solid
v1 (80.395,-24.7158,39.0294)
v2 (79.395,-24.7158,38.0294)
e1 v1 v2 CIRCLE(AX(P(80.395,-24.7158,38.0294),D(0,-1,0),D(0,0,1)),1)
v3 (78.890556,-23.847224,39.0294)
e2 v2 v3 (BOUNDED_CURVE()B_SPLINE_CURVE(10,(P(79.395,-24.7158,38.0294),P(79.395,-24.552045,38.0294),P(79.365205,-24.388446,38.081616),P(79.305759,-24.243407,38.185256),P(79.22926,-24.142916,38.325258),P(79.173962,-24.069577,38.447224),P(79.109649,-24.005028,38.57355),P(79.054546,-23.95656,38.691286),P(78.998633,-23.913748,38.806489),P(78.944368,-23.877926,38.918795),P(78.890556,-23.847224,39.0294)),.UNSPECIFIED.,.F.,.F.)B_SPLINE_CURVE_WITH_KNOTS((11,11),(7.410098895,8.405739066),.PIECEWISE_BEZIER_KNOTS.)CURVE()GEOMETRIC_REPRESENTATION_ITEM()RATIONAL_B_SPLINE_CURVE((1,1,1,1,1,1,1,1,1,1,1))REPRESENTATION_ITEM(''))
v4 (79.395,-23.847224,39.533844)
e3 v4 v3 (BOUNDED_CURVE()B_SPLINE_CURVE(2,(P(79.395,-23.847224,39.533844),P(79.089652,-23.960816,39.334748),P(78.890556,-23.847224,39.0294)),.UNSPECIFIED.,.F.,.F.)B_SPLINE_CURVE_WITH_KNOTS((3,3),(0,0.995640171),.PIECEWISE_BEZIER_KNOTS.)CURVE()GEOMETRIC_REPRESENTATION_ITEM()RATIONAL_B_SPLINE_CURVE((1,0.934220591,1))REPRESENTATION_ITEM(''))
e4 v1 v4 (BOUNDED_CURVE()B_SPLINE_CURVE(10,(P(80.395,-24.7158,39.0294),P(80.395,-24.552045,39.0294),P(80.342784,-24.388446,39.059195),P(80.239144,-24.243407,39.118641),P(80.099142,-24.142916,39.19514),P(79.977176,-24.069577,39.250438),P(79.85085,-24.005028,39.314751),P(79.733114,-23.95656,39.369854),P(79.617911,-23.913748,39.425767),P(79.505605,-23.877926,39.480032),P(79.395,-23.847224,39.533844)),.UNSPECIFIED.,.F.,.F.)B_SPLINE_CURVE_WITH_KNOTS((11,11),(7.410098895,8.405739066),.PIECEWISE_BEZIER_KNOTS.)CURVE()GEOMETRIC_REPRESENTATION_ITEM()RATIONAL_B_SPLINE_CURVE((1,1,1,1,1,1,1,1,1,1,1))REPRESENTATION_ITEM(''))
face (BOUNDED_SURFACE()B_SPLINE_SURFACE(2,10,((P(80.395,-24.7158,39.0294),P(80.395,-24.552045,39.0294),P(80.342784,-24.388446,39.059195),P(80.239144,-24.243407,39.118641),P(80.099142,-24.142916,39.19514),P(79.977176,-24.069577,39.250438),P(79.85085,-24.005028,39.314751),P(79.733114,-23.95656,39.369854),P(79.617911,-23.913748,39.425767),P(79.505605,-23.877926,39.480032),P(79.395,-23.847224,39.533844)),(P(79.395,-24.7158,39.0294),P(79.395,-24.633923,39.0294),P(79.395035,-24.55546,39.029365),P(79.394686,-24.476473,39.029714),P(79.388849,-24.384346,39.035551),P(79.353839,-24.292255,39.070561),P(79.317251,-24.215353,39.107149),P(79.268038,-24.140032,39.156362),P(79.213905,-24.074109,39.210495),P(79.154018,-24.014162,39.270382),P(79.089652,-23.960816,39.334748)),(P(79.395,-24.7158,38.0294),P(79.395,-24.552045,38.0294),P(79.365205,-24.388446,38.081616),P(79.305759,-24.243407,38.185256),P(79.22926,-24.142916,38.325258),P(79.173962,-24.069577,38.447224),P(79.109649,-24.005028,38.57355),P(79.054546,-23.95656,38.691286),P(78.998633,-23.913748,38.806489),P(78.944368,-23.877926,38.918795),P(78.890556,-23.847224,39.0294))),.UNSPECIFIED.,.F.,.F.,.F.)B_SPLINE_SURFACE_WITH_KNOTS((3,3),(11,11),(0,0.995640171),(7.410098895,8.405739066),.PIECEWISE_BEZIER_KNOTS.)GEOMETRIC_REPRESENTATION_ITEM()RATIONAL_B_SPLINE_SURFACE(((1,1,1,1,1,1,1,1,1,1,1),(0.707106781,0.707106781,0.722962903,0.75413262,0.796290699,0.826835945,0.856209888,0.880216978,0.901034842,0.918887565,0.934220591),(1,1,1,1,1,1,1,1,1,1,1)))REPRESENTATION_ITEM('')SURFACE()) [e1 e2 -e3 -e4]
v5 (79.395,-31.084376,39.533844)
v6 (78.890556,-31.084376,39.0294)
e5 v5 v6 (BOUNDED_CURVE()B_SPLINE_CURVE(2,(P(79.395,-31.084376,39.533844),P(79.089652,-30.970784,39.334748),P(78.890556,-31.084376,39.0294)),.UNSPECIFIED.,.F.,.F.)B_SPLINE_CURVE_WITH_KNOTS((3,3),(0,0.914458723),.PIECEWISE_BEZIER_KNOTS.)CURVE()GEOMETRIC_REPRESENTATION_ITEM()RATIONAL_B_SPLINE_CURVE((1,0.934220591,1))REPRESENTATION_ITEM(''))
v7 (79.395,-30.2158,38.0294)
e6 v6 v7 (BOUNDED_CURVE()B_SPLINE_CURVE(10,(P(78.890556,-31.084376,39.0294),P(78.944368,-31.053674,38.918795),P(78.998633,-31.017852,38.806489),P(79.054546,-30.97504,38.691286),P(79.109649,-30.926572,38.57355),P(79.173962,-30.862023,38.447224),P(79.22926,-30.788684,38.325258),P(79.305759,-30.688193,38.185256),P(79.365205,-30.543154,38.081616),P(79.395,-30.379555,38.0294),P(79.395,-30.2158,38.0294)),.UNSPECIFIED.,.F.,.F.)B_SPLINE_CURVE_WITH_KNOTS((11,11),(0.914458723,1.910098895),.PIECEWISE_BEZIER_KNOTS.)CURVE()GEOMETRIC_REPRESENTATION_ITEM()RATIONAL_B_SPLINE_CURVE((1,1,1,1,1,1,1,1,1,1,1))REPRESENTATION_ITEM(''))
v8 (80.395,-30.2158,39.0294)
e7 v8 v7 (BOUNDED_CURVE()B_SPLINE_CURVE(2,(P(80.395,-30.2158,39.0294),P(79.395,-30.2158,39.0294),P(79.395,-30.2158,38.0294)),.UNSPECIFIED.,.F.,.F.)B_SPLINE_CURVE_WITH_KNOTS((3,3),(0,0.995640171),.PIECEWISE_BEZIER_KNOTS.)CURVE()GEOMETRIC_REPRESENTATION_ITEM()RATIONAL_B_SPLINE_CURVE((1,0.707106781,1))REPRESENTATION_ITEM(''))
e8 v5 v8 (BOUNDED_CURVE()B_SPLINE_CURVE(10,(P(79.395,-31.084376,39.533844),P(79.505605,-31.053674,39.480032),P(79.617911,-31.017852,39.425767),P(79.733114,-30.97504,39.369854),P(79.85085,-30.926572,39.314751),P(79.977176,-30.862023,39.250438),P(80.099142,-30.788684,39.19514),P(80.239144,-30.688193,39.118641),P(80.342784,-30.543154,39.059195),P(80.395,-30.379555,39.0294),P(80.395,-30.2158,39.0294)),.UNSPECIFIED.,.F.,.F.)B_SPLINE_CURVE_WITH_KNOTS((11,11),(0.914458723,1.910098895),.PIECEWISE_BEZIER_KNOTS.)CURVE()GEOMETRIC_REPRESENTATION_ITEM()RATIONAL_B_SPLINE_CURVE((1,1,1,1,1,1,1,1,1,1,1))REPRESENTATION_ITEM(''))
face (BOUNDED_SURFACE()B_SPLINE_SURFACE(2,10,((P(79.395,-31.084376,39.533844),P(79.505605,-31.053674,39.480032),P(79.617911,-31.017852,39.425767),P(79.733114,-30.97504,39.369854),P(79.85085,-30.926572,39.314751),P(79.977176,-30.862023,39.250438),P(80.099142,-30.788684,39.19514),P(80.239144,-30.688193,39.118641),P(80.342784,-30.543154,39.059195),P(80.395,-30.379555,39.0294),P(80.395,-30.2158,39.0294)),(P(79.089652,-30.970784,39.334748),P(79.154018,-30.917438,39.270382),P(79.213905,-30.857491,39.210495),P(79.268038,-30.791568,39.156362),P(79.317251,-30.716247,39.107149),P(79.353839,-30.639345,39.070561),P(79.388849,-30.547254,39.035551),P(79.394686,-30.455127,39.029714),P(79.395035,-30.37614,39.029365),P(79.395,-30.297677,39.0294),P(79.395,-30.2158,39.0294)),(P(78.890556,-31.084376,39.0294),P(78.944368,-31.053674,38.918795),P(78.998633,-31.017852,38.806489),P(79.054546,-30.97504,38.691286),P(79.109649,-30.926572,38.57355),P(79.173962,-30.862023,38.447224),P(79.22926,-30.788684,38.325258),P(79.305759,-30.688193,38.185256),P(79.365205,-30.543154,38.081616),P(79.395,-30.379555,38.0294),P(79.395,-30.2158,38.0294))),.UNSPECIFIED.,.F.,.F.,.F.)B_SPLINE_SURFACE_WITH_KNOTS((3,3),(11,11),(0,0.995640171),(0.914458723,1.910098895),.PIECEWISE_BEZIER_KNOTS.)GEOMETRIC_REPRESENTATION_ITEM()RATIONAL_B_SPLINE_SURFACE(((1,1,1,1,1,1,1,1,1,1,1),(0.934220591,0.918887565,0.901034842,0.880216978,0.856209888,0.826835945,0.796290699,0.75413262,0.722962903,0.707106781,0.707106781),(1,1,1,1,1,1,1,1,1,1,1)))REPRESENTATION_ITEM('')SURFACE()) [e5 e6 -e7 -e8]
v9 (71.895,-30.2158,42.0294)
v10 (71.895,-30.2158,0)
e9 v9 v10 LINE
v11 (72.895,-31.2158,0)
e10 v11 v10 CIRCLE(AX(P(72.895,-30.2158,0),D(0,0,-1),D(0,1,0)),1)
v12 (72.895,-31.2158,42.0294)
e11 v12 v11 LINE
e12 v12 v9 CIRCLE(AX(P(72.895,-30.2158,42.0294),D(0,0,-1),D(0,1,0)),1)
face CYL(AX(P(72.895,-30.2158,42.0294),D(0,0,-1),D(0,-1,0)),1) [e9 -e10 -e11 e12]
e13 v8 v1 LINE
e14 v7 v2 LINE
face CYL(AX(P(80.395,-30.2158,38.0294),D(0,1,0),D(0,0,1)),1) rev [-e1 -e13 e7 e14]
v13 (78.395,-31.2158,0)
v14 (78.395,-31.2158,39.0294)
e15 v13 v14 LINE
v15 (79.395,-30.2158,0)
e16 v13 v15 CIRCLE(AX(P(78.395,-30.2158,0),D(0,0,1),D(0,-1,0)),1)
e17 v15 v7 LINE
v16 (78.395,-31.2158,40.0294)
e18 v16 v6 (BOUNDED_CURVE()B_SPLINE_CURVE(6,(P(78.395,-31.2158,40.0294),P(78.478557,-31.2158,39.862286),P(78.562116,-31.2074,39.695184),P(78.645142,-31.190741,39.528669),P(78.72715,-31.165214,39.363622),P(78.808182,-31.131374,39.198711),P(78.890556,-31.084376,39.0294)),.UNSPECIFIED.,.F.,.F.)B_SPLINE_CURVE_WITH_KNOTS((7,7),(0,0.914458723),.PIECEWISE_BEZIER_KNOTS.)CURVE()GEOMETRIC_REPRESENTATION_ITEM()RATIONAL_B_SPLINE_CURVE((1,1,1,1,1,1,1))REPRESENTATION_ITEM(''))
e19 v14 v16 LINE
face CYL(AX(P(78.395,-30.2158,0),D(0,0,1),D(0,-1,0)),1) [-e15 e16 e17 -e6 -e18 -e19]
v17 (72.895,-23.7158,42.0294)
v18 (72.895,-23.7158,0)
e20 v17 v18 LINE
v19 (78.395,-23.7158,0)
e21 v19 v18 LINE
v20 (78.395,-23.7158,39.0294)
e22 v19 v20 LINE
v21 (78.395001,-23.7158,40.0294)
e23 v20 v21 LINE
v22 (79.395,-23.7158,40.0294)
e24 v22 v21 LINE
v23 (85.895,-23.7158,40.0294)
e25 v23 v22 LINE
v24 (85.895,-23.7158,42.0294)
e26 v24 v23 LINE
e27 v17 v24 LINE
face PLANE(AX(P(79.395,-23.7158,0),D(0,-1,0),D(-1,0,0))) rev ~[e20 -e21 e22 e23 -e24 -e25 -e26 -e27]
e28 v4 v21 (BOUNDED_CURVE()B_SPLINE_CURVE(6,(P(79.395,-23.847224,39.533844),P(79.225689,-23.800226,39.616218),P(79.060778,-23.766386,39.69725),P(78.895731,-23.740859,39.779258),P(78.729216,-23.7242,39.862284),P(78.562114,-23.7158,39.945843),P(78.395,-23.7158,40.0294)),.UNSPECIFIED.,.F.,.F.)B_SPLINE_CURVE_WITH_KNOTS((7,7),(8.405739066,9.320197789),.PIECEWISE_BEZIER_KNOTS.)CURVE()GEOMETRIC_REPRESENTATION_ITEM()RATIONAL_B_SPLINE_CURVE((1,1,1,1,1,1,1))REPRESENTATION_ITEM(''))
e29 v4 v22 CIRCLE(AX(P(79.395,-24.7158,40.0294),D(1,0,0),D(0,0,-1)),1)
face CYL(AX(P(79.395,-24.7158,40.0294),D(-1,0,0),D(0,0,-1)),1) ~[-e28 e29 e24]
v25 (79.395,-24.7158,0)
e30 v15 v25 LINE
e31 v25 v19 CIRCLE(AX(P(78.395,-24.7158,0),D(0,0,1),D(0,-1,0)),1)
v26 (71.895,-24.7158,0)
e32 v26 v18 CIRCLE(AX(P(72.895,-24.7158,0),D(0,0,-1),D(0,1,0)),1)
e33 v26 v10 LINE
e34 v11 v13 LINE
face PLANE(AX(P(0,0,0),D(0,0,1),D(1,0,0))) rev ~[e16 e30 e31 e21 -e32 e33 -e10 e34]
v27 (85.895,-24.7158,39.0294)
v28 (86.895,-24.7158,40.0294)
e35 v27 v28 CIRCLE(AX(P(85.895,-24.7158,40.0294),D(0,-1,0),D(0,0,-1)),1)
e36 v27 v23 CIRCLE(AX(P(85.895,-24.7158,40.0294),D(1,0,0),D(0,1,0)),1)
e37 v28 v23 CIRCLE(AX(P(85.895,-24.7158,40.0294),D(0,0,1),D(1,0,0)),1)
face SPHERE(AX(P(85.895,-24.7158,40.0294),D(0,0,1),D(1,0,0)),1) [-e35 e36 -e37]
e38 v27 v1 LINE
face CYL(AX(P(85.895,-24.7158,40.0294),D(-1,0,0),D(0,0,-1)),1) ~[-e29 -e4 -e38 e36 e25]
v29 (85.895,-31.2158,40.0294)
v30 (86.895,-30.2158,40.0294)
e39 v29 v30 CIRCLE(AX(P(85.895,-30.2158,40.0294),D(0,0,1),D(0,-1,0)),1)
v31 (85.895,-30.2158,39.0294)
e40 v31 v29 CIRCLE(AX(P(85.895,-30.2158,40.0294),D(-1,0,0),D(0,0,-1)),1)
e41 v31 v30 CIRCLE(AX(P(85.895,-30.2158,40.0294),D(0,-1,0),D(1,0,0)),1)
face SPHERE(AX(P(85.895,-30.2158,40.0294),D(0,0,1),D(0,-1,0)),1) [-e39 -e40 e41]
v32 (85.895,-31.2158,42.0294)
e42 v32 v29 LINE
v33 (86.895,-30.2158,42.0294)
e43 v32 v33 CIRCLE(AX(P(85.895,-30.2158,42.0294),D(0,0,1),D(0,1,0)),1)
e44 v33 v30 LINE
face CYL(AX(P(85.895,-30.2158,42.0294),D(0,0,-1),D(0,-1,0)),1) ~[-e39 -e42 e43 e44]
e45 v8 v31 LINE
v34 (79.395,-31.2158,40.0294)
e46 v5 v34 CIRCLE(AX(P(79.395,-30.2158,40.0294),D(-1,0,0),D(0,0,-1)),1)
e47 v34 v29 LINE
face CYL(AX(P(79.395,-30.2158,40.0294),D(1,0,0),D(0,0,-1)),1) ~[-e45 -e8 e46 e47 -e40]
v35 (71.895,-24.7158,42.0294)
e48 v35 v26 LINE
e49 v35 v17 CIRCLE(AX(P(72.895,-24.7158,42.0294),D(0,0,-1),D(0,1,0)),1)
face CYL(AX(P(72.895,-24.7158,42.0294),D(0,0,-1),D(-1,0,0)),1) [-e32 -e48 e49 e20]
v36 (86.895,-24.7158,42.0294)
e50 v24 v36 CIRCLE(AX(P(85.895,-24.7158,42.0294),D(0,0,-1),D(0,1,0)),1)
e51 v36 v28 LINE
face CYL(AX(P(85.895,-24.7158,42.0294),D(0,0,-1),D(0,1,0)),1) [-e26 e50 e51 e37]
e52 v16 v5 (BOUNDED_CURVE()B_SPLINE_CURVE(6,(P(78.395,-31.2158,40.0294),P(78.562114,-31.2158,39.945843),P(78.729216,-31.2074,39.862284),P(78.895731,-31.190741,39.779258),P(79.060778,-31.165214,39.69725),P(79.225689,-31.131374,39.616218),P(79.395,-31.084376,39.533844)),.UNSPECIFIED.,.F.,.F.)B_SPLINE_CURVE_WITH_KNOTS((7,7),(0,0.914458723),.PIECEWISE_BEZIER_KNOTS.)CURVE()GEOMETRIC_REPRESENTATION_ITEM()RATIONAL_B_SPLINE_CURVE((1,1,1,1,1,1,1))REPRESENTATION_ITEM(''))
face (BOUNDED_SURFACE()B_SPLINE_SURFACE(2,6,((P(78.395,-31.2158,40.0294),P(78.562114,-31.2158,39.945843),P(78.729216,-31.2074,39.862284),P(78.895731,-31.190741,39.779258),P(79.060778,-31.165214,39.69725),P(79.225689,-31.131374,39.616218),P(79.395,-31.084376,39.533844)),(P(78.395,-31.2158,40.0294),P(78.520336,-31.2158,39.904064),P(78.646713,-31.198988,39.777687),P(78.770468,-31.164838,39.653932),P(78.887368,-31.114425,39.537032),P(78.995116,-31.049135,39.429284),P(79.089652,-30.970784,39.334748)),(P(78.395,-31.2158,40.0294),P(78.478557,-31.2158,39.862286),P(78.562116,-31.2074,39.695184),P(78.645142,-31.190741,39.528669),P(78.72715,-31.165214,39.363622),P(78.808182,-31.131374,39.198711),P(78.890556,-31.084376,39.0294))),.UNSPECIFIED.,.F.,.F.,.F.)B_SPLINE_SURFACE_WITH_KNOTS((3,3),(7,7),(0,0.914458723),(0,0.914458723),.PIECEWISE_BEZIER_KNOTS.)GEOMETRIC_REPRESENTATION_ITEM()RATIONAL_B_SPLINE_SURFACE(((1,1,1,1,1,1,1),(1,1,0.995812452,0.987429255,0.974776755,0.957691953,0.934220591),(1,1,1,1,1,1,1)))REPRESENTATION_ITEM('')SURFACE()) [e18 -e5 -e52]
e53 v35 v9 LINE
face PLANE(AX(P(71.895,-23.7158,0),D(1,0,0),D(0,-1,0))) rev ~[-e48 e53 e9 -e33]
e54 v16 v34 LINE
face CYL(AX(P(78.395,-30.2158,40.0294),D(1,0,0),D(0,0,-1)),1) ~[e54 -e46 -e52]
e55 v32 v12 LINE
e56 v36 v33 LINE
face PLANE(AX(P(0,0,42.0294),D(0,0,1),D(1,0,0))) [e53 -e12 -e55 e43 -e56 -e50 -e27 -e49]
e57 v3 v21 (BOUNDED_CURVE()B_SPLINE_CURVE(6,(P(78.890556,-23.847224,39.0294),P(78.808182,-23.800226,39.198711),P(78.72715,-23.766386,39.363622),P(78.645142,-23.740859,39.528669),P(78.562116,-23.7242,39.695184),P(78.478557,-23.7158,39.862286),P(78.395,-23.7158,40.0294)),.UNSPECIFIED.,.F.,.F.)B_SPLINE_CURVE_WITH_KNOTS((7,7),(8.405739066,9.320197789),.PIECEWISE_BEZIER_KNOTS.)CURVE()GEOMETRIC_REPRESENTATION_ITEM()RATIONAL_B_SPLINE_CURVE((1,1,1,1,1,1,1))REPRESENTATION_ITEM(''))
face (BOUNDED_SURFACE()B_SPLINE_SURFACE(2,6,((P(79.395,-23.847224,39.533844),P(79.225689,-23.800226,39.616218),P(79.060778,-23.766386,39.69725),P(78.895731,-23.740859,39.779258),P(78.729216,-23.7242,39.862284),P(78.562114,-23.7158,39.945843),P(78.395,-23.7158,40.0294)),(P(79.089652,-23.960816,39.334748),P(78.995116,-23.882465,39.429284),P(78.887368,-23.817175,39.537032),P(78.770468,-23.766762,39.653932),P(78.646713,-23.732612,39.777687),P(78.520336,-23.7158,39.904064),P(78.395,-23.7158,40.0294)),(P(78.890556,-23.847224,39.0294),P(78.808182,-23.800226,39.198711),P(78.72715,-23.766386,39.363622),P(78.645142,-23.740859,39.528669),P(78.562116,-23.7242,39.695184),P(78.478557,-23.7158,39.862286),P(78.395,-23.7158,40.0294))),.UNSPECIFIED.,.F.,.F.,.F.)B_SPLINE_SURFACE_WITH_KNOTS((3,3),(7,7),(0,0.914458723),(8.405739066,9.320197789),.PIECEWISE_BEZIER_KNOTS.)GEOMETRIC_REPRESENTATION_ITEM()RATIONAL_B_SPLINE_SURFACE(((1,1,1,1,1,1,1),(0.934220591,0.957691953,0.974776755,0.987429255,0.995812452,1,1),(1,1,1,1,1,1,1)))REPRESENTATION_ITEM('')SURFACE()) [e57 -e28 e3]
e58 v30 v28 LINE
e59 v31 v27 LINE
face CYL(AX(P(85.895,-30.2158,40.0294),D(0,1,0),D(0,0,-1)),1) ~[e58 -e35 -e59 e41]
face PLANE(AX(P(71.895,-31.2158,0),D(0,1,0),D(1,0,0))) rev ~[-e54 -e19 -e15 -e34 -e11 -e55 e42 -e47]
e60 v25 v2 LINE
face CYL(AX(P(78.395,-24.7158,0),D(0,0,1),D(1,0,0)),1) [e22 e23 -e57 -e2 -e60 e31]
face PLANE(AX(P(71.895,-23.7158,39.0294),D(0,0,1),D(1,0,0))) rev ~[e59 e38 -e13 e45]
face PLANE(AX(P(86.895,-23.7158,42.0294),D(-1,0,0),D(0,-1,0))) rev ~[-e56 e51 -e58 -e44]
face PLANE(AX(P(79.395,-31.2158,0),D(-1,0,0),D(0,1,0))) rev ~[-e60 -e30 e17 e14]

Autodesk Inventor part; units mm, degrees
ref_plane "YZ Plane" through (0, 0, 0) normal (1, 0, 0) x (0, 1, 0)
ref_plane "XZ Plane" through (0, 0, 0) normal (0, 1, 0) x (-1, 0, 0)
sketch "Sketch1" plane through (0, 0, 0) normal (0, 0, 1) x (1, 0, 0)
  line L0 (79.395, -155.8766) -> (79.395, 6.5) projected
  line L1 (-8.605, 6.5) -> (-8.605, -107.0766) projected
  line L2 (69.9453, -18.7158) -> (55.4353, -18.7158) projected
  line L3 (79.395, -18.7158) -> (79.395, -23.7158)
  line L4 (79.395, -23.7158) -> (71.895, -23.7158)
  line L5 (71.895, -23.7158) -> (71.895, -31.2158)
  line L6 (71.895, -31.2158) -> (79.395, -31.2158)
  line L7 (79.395, -31.2158) -> (79.395, -23.7158)
  point P0 (0, 0)
  dimension "d0" = 5
  dimension "d1" = 7.5
  dimension "d2" = 7.5
ref_plane "Work Plane1" through (-121.6053, -233.9347, 42.0294) normal (0, 0, -1) x (0, 1, 0)
extrude "Extrusion1" add sketch "Sketch1" along normal up to surface (42.0294 mm away)
sketch "Sketch2" plane through (71.895, -23.7158, 42.0294) normal (0, 0, 1) x (1, 0, 0)
  line L0 (7.5, 0) -> (0, 0) projected
  line L1 (0, 0) -> (15, 0)
  line L2 (15, 0) -> (15, -7.5)
  line L3 (15, -7.5) -> (0, -7.5)
  line L4 (0, -7.5) -> (0, 0)
  point P0 (-71.895, 23.7158)
  dimension "d5" = 15
extrude "Extrusion2" add sketch "Sketch2" against normal blind 3
fillet "Fillet1" radius 1 6 edges at (79.395, -23.7158, 19.5147) (71.895, -23.7158, 21.0147) (79.395, -31.2158, 19.5147) (71.895, -31.2158, 21.0147) (86.895, -23.7158, 40.5294) (86.895, -31.2158, 40.5294)
fillet "Fillet2" radius 1 5 edges at (86.6021, -30.9229, 39.0294) (78.895, -31.2158, 39.0294) (86.6021, -24.0087, 39.0294) (78.895, -23.7158, 39.0294) (86.895, -27.4658, 39.0294)
fillet "Fillet3" radius 1 1 edges at (79.395, -27.4658, 39.0294)
properties part number "TableLeg"
